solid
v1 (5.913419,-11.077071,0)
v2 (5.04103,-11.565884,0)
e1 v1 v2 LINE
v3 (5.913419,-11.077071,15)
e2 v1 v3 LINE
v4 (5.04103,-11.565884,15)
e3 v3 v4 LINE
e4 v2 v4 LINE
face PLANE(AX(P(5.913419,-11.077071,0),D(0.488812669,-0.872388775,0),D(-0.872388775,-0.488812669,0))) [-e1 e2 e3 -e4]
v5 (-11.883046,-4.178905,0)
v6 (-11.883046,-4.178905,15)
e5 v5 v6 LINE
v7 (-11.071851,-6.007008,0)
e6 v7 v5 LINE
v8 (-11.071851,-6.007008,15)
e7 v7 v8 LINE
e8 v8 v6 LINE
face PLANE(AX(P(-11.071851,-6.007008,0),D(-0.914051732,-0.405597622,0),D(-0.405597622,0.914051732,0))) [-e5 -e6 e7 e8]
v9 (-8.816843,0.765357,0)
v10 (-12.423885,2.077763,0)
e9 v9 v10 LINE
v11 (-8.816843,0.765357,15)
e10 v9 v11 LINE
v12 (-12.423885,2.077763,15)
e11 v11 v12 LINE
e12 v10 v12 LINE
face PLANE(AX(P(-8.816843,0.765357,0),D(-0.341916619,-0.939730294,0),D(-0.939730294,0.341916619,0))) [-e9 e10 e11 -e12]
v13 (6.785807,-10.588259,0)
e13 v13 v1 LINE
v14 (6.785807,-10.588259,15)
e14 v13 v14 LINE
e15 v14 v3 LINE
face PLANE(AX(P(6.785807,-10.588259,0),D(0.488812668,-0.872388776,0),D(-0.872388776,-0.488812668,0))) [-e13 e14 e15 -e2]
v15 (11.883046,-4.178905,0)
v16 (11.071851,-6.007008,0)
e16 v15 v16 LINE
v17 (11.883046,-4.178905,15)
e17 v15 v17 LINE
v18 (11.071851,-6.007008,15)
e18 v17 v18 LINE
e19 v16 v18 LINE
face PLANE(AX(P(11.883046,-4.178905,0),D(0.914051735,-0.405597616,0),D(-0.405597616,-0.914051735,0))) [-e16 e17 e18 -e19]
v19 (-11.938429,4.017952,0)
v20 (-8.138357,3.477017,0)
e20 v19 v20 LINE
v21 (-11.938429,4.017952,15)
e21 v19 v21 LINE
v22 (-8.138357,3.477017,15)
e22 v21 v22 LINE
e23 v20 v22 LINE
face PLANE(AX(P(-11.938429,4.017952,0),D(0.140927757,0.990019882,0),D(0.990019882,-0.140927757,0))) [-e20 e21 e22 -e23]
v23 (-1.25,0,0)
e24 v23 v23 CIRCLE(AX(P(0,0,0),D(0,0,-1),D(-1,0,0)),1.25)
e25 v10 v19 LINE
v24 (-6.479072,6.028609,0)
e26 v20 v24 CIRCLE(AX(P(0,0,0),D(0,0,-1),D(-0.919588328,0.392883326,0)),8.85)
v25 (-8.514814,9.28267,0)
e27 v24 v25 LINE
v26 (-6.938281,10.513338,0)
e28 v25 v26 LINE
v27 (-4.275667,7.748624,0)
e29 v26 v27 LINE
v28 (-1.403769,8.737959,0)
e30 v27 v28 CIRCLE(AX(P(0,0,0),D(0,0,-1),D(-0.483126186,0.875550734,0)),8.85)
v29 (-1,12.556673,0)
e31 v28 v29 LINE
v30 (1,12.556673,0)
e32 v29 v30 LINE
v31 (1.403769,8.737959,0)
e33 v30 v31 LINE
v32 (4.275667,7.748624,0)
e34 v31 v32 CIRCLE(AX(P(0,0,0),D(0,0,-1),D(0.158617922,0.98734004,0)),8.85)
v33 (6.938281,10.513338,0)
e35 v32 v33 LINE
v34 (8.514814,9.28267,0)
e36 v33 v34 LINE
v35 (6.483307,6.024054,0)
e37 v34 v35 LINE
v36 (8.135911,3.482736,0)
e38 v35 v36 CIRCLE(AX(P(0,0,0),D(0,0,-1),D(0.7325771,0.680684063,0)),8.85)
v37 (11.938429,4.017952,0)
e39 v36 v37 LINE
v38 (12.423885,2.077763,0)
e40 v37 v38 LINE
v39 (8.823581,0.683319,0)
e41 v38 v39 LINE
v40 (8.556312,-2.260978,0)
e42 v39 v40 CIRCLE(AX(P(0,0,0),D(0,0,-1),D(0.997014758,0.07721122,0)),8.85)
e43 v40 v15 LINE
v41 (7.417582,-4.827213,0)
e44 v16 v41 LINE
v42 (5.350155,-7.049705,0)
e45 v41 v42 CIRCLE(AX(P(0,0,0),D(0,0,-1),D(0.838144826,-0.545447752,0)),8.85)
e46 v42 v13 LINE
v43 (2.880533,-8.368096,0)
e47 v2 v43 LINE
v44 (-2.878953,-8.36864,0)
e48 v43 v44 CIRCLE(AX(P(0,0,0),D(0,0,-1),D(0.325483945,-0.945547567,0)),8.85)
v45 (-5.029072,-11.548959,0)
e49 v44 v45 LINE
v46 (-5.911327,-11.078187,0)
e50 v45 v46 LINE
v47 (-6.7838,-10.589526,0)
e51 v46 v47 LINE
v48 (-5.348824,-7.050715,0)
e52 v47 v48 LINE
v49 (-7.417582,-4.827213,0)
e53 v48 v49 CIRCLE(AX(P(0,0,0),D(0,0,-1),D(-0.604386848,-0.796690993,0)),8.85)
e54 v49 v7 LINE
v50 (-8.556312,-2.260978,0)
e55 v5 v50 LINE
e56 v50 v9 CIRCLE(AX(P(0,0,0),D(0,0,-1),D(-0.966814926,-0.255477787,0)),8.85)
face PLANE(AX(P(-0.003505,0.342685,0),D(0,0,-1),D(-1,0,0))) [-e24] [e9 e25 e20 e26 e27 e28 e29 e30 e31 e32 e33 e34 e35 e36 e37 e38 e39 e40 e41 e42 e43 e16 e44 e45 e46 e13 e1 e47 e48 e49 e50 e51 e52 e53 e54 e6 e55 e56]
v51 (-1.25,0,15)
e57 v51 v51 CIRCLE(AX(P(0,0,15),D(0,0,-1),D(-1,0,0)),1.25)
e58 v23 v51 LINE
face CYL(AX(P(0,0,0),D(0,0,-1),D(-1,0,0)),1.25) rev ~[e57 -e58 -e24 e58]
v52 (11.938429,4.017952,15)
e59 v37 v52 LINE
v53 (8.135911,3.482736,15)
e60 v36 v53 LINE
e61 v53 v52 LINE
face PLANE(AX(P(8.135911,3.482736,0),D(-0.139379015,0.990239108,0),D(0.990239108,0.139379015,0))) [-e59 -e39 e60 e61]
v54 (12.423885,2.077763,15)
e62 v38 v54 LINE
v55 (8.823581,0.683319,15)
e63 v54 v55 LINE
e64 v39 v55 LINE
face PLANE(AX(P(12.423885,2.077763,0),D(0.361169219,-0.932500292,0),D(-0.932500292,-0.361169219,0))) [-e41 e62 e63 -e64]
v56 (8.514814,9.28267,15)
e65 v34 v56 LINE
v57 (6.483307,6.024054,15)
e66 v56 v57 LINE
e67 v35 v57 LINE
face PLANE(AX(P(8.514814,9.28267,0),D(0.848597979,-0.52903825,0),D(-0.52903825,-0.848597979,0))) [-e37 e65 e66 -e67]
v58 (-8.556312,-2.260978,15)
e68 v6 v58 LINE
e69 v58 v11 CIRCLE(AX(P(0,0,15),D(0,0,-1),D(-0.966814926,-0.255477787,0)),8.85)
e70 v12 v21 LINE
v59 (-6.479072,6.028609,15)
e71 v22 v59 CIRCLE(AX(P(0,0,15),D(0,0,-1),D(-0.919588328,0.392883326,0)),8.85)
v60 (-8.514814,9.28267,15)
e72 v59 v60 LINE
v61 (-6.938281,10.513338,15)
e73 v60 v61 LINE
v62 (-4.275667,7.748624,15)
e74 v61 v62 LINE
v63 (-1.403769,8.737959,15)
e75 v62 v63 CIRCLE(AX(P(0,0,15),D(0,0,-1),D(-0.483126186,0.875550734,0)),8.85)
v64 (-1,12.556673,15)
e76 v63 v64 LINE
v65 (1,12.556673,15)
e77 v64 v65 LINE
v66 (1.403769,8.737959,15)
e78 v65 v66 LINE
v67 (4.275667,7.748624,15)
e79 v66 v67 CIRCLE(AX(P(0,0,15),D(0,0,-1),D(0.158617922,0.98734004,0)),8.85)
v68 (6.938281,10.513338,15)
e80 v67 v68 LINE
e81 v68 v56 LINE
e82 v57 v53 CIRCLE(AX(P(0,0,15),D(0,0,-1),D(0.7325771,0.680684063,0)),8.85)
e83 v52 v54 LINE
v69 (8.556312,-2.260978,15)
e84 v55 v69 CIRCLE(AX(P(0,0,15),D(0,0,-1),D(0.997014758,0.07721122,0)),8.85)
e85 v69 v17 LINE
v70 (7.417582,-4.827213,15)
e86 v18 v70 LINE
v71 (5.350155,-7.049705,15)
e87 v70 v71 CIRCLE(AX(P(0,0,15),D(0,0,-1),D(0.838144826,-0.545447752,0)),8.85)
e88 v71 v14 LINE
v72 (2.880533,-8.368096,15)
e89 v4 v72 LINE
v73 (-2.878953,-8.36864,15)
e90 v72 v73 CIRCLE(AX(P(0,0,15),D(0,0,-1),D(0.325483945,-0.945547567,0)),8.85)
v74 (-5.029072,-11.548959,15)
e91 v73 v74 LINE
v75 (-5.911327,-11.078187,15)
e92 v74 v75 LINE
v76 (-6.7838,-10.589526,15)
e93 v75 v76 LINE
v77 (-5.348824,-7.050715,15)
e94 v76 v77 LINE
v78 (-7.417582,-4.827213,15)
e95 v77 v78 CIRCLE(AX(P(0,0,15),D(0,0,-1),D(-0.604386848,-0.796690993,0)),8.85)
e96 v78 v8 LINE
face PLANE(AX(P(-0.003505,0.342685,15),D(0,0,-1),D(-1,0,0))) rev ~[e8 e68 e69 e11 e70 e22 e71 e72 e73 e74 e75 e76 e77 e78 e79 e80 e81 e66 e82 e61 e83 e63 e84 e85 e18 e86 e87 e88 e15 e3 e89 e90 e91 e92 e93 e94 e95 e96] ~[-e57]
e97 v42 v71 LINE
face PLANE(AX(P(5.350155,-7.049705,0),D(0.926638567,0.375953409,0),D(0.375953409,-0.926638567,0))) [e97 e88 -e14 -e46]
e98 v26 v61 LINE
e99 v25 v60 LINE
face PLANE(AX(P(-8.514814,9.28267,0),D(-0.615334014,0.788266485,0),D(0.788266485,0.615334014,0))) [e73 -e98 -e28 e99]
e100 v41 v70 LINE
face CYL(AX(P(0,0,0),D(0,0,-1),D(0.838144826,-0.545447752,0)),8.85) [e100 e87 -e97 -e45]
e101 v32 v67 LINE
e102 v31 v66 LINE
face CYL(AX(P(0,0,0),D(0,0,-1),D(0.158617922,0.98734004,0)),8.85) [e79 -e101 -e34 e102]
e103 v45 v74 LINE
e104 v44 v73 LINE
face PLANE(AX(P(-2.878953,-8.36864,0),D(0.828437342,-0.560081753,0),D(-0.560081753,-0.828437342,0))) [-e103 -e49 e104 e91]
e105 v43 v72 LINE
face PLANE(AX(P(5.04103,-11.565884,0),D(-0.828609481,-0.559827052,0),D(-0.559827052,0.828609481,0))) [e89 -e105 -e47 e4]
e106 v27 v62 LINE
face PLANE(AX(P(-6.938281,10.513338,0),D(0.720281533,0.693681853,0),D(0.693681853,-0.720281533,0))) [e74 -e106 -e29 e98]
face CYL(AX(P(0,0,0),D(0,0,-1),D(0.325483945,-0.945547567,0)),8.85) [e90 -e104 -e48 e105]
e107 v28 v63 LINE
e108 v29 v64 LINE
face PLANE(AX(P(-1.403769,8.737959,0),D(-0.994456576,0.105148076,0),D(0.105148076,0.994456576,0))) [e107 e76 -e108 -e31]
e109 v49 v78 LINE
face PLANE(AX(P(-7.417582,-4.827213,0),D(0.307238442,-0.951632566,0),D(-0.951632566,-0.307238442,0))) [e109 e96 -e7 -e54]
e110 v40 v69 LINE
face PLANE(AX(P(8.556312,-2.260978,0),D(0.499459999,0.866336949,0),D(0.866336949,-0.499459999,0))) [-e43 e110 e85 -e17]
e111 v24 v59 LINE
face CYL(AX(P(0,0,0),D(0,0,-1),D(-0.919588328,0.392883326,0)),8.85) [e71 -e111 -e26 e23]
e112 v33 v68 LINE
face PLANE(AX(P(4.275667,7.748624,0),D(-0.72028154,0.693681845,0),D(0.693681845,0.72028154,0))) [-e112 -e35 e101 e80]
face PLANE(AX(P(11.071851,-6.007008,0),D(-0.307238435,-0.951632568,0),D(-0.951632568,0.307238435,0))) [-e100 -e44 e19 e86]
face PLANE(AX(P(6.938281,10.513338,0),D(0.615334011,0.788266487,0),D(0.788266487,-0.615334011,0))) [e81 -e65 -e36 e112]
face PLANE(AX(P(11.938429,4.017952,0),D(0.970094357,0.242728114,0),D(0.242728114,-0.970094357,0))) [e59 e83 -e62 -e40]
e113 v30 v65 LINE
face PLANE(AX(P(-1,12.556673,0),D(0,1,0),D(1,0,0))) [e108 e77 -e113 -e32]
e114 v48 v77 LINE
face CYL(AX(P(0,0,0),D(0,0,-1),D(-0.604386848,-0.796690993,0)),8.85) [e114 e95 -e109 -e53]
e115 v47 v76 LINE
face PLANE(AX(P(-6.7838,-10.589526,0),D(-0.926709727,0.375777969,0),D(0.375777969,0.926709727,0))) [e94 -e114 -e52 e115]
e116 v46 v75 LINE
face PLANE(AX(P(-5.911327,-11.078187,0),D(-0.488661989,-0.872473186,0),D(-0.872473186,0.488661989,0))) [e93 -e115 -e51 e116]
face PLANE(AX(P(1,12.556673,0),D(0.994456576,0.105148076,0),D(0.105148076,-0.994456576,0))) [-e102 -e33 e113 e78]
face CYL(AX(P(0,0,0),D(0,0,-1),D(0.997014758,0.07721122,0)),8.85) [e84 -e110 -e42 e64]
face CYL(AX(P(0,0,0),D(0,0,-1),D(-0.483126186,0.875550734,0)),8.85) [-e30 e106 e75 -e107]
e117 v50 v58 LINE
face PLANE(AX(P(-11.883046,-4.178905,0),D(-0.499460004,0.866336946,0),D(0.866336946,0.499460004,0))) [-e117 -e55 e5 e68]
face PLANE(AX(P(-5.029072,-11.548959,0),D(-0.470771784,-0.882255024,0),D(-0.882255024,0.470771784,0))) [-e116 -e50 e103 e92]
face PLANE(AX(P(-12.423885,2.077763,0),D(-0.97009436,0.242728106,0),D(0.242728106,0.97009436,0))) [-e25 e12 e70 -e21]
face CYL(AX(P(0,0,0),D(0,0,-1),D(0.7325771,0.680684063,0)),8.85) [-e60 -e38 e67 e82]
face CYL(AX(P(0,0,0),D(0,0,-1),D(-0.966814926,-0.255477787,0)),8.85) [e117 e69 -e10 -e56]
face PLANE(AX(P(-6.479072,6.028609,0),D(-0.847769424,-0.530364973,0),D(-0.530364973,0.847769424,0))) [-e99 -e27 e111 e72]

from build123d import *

# Parameters (mm, degrees)
EXTRUDE_2_DEPTH     = 15
SKETCH_5_R          = 1.25
CUT_EXTRUDE_1_DEPTH = 15


with BuildPart() as part:
    # Эскиз3 → Бобышка-Вытянуть2 (new body)
    with BuildSketch(Plane.XY):
        with BuildLine():
            Line((-1, 12.556672608), (0, 12.556672608))
            Line((0, 12.556672608), (1, 12.556672608))
            Line((1, 12.556672608), (1.403768611, 8.737959355))
            ThreePointArc((1.403768611, 8.737959355), (2.882480289, 8.367425374), (4.275666751, 7.748623996))
            Line((4.275666751, 7.748623996), (6.938281237, 10.513338217))
            Line((6.938281237, 10.513338217), (8.514814211, 9.282670194))
            Line((8.514814211, 9.282670194), (6.483307331, 6.024053955))
            ThreePointArc((6.483307331, 6.024053955), (7.419229042, 4.824680344), (8.135910959, 3.482736406))
            Line((8.135910959, 3.482736406), (11.938429132, 4.017951822))
            Line((11.938429132, 4.017951822), (12.423885361, 2.077763107))
            Line((12.423885361, 2.077763107), (8.823580607, 0.683319303))
            ThreePointArc((8.823580607, 0.683319303), (8.813761391, -0.800068834), (8.556312106, -2.260978362))
            Line((8.556312106, -2.260978362), (11.88304599, -4.178904758))
            Line((11.88304599, -4.178904758), (11.071850771, -6.007008197))
            Line((11.071850771, -6.007008197), (7.417581711, -4.827212608))
            ThreePointArc((7.417581711, -4.827212608), (6.479864305, -6.027757343), (5.350154649, -7.049705329))
            Line((5.350154649, -7.049705329), (6.785807353, -10.588258594))
            Line((6.785807353, -10.588258594), (5.913418577, -11.077071262))
            Line((5.913418577, -11.077071262), (5.041029802, -11.565883931))
            Line((5.041029802, -11.565883931), (2.88053291, -8.36809597))
            ThreePointArc((2.88053291, -8.36809597), (0.000835422, -8.849999961), (-2.878952996, -8.368639653))
            Line((-2.878952996, -8.368639653), (-5.029072142, -11.548959277))
            Line((-5.029072142, -11.548959277), (-5.911327166, -11.078187493))
            Line((-5.911327166, -11.078187493), (-6.783800352, -10.589525504))
            Line((-6.783800352, -10.589525504), (-5.348823599, -7.050715291))
            ThreePointArc((-5.348823599, -7.050715291), (-6.479295244, -6.028369028), (-7.417581672, -4.827212668))
            Line((-7.417581672, -4.827212668), (-11.071850724, -6.007008285))
            Line((-11.071850724, -6.007008285), (-11.883045968, -4.178904821))
            Line((-11.883045968, -4.178904821), (-8.556312093, -2.260978407))
            ThreePointArc((-8.556312093, -2.260978407), (-8.817386806, -0.759071749), (-8.816843455, 0.765357101))
            Line((-8.816843455, 0.765357101), (-12.423885379, 2.077762999))
            Line((-12.423885379, 2.077762999), (-11.938429167, 4.017951718))
            Line((-11.938429167, 4.017951718), (-8.138356697, 3.477017439))
            ThreePointArc((-8.138356697, 3.477017439), (-7.419229073, 4.824680297), (-6.479071962, 6.028609003))
            Line((-6.479071962, 6.028609003), (-8.514814242, 9.282670165))
            Line((-8.514814242, 9.282670165), (-6.938281272, 10.513338193))
            Line((-6.938281272, 10.513338193), (-4.275666751, 7.748623996))
            ThreePointArc((-4.275666751, 7.748623996), (-2.882480289, 8.367425373), (-1.403768611, 8.737959355))
            Line((-1.403768611, 8.737959355), (-1, 12.556672608))
        make_face()
    extrude(amount=EXTRUDE_2_DEPTH)

    # Эскиз5 → Вырез-Вытянуть1 (cut)
    with BuildSketch(Plane(origin=(0, 0, 0), x_dir=(-1, 0, 0), z_dir=(0, 0, -1))):
        Circle(SKETCH_5_R)
    extrude(amount=-CUT_EXTRUDE_1_DEPTH, mode=Mode.SUBTRACT)


solid = part.part
